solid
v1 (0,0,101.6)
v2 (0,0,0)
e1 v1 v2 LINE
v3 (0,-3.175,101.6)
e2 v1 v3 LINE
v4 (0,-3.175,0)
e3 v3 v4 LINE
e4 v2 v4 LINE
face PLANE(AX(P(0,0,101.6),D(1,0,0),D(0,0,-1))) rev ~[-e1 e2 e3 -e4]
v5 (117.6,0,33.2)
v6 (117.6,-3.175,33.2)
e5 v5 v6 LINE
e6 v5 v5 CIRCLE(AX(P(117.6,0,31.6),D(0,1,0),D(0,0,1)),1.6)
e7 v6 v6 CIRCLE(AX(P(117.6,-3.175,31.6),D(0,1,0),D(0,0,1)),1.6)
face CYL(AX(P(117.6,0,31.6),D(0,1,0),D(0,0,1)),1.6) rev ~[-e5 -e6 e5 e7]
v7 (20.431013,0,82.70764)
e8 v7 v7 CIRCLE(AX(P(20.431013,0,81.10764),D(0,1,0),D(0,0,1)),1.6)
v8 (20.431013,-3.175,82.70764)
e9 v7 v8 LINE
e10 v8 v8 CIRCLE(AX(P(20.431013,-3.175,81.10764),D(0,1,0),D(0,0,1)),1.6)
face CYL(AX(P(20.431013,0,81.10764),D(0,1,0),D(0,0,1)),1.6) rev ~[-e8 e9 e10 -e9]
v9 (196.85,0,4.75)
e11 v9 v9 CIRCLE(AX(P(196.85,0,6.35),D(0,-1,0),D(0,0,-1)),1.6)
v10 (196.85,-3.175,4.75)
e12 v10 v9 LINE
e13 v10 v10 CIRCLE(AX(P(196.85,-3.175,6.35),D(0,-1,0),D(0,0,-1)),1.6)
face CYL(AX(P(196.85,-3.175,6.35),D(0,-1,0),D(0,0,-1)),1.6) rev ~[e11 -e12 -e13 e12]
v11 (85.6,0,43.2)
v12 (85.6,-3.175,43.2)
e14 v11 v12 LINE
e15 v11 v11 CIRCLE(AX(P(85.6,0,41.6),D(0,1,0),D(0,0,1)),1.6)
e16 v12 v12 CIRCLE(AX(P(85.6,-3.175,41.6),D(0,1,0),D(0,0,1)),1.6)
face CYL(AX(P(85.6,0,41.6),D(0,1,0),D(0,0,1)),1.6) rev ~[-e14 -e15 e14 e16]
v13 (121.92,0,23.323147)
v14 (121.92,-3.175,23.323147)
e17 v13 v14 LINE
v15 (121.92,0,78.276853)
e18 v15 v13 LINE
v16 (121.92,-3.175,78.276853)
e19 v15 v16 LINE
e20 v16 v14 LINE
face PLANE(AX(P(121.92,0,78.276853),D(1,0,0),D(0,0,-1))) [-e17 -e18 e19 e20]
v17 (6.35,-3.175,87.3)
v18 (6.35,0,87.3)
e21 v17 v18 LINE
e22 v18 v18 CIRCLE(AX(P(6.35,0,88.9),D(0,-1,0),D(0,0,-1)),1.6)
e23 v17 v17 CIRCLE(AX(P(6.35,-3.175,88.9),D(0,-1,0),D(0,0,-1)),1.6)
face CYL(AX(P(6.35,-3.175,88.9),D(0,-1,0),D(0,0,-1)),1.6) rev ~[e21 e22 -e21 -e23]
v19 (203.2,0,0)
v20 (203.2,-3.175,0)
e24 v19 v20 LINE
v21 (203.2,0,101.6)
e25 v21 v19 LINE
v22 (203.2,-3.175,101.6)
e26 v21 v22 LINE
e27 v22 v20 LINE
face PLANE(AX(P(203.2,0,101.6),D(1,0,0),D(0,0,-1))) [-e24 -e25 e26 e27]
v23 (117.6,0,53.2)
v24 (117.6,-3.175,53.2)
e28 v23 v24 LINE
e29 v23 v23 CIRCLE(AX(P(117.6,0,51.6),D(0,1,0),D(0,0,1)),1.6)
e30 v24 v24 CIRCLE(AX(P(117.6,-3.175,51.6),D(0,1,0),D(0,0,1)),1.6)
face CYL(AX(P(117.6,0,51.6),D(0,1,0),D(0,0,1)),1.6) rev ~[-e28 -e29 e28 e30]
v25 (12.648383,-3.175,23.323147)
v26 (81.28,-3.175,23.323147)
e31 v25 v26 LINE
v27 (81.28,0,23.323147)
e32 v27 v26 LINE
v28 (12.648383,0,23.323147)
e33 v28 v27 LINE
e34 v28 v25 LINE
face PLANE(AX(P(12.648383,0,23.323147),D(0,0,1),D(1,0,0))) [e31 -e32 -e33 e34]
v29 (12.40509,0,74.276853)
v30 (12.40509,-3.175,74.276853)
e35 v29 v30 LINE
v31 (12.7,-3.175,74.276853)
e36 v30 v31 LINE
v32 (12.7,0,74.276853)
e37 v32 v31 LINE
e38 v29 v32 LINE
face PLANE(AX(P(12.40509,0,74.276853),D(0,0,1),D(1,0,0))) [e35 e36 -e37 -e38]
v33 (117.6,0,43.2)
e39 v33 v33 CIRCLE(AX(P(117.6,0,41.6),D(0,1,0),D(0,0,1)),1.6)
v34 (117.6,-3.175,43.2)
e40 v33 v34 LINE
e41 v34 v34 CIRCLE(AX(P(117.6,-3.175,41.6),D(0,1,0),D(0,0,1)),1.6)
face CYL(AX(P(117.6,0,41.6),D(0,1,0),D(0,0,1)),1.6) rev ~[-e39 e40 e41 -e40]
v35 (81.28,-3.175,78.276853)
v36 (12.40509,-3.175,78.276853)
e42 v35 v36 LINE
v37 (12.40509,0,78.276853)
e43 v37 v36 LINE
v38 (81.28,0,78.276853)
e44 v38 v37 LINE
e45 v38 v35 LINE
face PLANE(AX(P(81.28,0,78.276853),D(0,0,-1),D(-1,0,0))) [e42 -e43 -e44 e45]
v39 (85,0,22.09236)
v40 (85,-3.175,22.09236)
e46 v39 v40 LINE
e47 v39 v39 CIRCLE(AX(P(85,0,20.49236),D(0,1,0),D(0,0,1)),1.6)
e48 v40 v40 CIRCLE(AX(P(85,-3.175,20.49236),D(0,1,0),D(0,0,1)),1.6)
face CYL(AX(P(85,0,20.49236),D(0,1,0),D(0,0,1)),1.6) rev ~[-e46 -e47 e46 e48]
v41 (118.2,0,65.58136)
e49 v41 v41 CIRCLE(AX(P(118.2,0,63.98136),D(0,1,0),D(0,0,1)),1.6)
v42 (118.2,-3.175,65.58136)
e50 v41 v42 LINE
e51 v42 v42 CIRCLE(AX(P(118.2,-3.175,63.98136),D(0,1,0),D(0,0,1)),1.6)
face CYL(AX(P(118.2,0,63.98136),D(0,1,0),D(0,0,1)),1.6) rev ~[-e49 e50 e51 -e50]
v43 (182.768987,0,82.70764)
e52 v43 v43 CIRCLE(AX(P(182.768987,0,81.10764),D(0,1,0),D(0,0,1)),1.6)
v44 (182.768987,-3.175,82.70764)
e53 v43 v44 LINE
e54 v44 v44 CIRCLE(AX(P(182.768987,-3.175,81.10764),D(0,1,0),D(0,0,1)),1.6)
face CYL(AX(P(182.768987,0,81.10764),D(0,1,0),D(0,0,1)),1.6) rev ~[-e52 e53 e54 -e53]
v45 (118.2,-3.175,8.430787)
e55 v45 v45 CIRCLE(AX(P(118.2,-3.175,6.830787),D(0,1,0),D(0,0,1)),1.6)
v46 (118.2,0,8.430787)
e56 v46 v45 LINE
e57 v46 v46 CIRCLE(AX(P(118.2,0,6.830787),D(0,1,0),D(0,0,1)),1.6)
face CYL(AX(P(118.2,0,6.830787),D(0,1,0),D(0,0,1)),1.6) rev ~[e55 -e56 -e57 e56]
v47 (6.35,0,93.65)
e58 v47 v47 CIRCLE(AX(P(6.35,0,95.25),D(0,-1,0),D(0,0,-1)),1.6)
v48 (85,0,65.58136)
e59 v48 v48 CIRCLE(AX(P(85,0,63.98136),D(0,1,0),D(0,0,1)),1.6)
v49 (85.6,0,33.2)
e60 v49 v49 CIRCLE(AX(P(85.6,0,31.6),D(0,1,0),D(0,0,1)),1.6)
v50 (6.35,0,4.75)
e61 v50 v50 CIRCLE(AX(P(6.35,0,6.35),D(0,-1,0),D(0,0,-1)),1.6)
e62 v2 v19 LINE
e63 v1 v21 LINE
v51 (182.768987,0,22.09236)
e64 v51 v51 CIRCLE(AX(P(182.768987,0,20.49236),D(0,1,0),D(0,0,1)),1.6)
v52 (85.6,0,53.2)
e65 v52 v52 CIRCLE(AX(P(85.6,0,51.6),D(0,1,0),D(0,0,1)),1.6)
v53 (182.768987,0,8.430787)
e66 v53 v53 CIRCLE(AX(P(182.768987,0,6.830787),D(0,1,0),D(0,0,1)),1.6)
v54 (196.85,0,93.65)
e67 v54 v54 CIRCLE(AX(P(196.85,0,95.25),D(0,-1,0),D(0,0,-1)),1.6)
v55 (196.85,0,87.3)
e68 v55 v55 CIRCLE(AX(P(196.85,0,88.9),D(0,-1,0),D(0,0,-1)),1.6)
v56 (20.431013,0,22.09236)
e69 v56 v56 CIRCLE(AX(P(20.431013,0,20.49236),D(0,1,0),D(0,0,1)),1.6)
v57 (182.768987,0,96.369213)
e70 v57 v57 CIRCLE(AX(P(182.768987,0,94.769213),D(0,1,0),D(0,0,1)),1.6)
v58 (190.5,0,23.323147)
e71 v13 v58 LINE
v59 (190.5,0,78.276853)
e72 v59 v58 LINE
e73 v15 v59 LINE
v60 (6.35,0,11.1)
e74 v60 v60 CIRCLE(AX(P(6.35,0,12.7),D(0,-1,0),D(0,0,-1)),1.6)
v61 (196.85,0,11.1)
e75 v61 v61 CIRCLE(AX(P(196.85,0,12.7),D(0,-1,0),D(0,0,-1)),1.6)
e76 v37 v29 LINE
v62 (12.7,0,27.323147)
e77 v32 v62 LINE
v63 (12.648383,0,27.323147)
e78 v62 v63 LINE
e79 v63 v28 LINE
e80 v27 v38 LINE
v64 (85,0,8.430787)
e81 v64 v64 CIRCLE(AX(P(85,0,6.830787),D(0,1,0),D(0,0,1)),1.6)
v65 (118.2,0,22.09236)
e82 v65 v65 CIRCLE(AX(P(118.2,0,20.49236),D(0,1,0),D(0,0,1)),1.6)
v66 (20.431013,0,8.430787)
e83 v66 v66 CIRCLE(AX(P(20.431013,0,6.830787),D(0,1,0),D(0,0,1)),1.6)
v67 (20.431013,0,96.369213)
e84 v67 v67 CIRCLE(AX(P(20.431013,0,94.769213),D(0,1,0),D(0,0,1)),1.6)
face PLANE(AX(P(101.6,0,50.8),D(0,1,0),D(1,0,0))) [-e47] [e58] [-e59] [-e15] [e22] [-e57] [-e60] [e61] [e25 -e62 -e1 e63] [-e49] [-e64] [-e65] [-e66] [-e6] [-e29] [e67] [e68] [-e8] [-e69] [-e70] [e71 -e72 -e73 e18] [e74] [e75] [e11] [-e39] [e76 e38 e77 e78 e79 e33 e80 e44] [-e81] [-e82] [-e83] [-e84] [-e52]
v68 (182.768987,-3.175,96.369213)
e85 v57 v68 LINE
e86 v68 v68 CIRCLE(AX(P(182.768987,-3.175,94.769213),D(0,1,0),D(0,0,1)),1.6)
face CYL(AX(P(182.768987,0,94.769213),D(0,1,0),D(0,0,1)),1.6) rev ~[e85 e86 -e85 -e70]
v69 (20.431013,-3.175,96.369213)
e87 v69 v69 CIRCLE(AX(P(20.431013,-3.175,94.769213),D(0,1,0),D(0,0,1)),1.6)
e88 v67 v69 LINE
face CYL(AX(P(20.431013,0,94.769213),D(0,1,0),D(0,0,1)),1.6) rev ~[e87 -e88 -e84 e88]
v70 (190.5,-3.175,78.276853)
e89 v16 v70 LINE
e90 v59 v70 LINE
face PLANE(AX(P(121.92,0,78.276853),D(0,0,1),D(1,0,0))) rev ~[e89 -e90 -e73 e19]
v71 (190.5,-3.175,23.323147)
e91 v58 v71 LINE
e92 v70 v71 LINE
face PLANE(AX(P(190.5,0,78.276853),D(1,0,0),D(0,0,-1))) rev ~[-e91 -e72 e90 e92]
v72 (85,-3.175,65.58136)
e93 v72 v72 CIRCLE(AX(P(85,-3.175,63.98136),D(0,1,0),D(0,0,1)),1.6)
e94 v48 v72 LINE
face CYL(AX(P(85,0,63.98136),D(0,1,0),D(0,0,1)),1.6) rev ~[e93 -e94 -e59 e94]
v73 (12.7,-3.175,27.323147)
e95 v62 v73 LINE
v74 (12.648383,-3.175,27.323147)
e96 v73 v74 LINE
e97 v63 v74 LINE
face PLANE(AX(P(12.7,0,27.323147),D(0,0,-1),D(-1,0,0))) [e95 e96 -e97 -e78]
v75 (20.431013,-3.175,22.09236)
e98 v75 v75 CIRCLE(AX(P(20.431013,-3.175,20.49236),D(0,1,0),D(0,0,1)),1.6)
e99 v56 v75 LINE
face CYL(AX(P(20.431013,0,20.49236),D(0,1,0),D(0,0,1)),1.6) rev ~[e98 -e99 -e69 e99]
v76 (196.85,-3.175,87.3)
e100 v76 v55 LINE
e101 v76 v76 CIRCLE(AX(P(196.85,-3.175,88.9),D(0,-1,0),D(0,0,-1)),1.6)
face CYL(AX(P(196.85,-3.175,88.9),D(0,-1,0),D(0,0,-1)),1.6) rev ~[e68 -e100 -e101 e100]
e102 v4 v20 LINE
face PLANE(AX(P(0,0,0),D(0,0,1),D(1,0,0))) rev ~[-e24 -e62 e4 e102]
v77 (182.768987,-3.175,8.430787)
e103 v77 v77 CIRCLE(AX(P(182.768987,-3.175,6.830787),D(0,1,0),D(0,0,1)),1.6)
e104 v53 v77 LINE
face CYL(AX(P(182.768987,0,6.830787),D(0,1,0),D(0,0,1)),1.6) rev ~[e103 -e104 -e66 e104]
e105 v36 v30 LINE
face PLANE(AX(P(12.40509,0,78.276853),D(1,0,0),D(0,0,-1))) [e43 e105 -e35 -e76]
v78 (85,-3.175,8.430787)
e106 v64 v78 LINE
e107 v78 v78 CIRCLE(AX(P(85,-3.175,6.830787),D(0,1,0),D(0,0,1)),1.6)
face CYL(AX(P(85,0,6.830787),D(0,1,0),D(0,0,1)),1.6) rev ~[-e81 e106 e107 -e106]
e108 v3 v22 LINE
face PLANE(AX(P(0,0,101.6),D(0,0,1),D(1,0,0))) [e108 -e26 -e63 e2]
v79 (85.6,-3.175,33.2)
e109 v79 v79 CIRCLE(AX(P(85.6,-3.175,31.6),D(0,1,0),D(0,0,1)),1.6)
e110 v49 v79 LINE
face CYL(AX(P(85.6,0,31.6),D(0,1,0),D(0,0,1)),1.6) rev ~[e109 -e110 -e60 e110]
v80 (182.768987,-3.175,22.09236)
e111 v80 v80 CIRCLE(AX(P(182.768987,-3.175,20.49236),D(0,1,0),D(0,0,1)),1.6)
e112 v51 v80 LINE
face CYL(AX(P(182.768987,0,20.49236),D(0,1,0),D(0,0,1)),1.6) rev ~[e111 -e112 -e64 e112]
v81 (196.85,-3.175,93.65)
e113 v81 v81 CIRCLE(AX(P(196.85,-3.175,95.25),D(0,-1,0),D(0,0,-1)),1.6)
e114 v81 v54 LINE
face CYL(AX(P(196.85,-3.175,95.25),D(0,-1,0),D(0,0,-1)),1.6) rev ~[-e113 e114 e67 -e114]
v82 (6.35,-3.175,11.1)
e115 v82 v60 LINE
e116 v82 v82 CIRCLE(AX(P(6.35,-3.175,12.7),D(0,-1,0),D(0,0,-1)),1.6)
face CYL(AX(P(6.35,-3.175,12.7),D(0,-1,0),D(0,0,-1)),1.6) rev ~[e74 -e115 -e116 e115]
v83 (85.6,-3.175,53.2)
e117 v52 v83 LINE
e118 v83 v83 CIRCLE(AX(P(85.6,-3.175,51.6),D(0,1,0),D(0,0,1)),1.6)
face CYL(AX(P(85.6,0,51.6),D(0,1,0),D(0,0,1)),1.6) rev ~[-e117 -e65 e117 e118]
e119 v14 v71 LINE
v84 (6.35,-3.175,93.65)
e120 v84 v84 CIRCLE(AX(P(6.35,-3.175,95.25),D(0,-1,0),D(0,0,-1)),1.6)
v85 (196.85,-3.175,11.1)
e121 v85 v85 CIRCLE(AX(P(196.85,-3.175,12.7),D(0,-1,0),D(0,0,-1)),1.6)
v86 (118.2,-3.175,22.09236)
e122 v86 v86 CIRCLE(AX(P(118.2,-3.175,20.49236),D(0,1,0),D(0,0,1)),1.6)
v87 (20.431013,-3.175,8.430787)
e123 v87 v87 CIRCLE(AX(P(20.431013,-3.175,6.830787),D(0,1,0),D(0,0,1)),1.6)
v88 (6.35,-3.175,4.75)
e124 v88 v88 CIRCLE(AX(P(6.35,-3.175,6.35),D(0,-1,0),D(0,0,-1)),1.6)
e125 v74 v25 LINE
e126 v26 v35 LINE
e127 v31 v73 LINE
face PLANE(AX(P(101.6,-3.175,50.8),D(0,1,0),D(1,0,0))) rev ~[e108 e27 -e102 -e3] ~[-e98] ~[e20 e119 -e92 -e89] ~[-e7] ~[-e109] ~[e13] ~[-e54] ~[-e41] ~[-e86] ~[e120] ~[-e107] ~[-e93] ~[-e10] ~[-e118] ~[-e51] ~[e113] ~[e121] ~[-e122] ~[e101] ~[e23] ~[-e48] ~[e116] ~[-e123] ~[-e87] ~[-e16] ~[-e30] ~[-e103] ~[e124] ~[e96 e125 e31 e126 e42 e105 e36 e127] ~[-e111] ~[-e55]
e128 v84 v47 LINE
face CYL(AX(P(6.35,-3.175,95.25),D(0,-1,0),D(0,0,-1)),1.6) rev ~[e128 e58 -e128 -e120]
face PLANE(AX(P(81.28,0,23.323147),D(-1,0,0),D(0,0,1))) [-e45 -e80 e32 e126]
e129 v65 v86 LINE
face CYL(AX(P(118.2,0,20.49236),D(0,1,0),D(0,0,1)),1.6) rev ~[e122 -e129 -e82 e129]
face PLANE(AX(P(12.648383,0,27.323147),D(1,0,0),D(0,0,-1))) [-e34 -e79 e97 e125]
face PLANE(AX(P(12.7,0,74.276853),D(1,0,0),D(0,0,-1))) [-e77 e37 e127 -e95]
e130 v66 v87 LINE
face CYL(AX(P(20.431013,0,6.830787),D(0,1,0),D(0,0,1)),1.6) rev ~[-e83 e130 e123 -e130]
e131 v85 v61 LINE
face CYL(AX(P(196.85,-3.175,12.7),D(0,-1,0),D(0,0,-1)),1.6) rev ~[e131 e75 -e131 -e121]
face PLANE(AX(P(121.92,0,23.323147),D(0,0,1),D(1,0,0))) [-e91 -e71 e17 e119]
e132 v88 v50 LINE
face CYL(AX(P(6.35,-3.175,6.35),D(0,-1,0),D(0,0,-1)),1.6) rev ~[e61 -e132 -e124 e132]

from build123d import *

# Parameters (mm, degrees)
SKETCH1_W           = 203.2
SKETCH1_H           = 101.6
SKETCH1_R           = 1.6
SKETCH1_W_2         = 68.58
SKETCH1_H_2         = 54.953705786
BOSS_EXTRUDE1_DEPTH = 3.175
SKETCH2_R           = 1.6
CUT_EXTRUDE1_DEPTH  = 10


with BuildPart() as part:
    # Sketch1 → Boss-Extrude1 (new body)
    with BuildSketch(Plane(origin=(0, 0, 0), x_dir=(1, 0, 0), z_dir=(0, 1, 0))):
        with Locations((101.6, -50.8)):
            Rectangle(SKETCH1_W, SKETCH1_H)
        with Locations(Location((20.431013284, -94.769213223, 0), (0, 0, 270))):
            Circle(SKETCH1_R, mode=Mode.SUBTRACT)
        with Locations(Location((20.431013284, -81.10763967, 0), (0, 0, 270))):
            Circle(SKETCH1_R, mode=Mode.SUBTRACT)
        Polygon((81.28, -23.323147107), (81.28, -78.276852893), (12.405089541, -78.276852893), (12.405089541, -74.276852893), (12.7, -74.276852893), (12.7, -27.323147107), (12.648382796, -27.323147107), (12.648382796, -23.323147107), align=None, mode=Mode.SUBTRACT)
        with Locations(Location((85, -63.98136033, 0), (0, 0, 270))):
            Circle(SKETCH1_R, mode=Mode.SUBTRACT)
        with Locations(Location((85.6, -51.6, 0), (0, 0, 270))):
            Circle(SKETCH1_R, mode=Mode.SUBTRACT)
        with Locations(Location((182.768986716, -94.769213223, 0), (0, 0, 270))):
            Circle(SKETCH1_R, mode=Mode.SUBTRACT)
        with Locations(Location((182.768986716, -81.10763967, 0), (0, 0, 270))):
            Circle(SKETCH1_R, mode=Mode.SUBTRACT)
        with Locations(Location((118.2, -63.98136033, 0), (0, 0, 270))):
            Circle(SKETCH1_R, mode=Mode.SUBTRACT)
        with Locations(Location((117.6, -51.6, 0), (0, 0, 270))):
            Circle(SKETCH1_R, mode=Mode.SUBTRACT)
        with Locations((156.21, -50.8)):
            Rectangle(SKETCH1_W_2, SKETCH1_H_2, mode=Mode.SUBTRACT)
        with Locations(Location((85.6, -41.6, 0), (0, 0, 270))):
            Circle(SKETCH1_R, mode=Mode.SUBTRACT)
        with Locations(Location((85.6, -31.6, 0), (0, 0, 270))):
            Circle(SKETCH1_R, mode=Mode.SUBTRACT)
        with Locations(Location((20.431013284, -20.49236033, 0), (0, 0, 270))):
            Circle(SKETCH1_R, mode=Mode.SUBTRACT)
        with Locations(Location((20.431013284, -6.830786777, 0), (0, 0, 270))):
            Circle(SKETCH1_R, mode=Mode.SUBTRACT)
        with Locations(Location((85, -20.49236033, 0), (0, 0, 270))):
            Circle(SKETCH1_R, mode=Mode.SUBTRACT)
        with Locations(Location((85, -6.830786777, 0), (0, 0, 270))):
            Circle(SKETCH1_R, mode=Mode.SUBTRACT)
        with Locations(Location((117.6, -41.6, 0), (0, 0, 270))):
            Circle(SKETCH1_R, mode=Mode.SUBTRACT)
        with Locations(Location((117.6, -31.6, 0), (0, 0, 270))):
            Circle(SKETCH1_R, mode=Mode.SUBTRACT)
        with Locations(Location((118.2, -20.49236033, 0), (0, 0, 270))):
            Circle(SKETCH1_R, mode=Mode.SUBTRACT)
        with Locations(Location((118.2, -6.830786777, 0), (0, 0, 270))):
            Circle(SKETCH1_R, mode=Mode.SUBTRACT)
        with Locations(Location((182.768986716, -20.49236033, 0), (0, 0, 270))):
            Circle(SKETCH1_R, mode=Mode.SUBTRACT)
        with Locations(Location((182.768986716, -6.830786777, 0), (0, 0, 270))):
            Circle(SKETCH1_R, mode=Mode.SUBTRACT)
    extrude(amount=-BOSS_EXTRUDE1_DEPTH)

    # Sketch2 → Cut-Extrude1 (cut)
    with BuildSketch(Plane.XZ.offset(3.175)):
        with Locations(Location((6.35, 12.7, 0), (0, 0, 270))):
            Circle(SKETCH2_R)
        with Locations(Location((6.35, 95.25, 0), (0, 0, 270))):
            Circle(SKETCH2_R)
        with Locations(Location((6.35, 88.9, 0), (0, 0, 270))):
            Circle(SKETCH2_R)
        with Locations(Location((196.85, 6.35, 0), (0, 0, 270))):
            Circle(SKETCH2_R)
        with Locations(Location((196.85, 12.7, 0), (0, 0, 270))):
            Circle(SKETCH2_R)
        with Locations(Location((196.85, 88.9, 0), (0, 0, 270))):
            Circle(SKETCH2_R)
        with Locations(Location((6.35, 6.35, 0), (0, 0, 270))):
            Circle(SKETCH2_R)
        with Locations(Location((196.85, 95.25, 0), (0, 0, 270))):
            Circle(SKETCH2_R)
    extrude(amount=-CUT_EXTRUDE1_DEPTH, mode=Mode.SUBTRACT)


solid = part.part
